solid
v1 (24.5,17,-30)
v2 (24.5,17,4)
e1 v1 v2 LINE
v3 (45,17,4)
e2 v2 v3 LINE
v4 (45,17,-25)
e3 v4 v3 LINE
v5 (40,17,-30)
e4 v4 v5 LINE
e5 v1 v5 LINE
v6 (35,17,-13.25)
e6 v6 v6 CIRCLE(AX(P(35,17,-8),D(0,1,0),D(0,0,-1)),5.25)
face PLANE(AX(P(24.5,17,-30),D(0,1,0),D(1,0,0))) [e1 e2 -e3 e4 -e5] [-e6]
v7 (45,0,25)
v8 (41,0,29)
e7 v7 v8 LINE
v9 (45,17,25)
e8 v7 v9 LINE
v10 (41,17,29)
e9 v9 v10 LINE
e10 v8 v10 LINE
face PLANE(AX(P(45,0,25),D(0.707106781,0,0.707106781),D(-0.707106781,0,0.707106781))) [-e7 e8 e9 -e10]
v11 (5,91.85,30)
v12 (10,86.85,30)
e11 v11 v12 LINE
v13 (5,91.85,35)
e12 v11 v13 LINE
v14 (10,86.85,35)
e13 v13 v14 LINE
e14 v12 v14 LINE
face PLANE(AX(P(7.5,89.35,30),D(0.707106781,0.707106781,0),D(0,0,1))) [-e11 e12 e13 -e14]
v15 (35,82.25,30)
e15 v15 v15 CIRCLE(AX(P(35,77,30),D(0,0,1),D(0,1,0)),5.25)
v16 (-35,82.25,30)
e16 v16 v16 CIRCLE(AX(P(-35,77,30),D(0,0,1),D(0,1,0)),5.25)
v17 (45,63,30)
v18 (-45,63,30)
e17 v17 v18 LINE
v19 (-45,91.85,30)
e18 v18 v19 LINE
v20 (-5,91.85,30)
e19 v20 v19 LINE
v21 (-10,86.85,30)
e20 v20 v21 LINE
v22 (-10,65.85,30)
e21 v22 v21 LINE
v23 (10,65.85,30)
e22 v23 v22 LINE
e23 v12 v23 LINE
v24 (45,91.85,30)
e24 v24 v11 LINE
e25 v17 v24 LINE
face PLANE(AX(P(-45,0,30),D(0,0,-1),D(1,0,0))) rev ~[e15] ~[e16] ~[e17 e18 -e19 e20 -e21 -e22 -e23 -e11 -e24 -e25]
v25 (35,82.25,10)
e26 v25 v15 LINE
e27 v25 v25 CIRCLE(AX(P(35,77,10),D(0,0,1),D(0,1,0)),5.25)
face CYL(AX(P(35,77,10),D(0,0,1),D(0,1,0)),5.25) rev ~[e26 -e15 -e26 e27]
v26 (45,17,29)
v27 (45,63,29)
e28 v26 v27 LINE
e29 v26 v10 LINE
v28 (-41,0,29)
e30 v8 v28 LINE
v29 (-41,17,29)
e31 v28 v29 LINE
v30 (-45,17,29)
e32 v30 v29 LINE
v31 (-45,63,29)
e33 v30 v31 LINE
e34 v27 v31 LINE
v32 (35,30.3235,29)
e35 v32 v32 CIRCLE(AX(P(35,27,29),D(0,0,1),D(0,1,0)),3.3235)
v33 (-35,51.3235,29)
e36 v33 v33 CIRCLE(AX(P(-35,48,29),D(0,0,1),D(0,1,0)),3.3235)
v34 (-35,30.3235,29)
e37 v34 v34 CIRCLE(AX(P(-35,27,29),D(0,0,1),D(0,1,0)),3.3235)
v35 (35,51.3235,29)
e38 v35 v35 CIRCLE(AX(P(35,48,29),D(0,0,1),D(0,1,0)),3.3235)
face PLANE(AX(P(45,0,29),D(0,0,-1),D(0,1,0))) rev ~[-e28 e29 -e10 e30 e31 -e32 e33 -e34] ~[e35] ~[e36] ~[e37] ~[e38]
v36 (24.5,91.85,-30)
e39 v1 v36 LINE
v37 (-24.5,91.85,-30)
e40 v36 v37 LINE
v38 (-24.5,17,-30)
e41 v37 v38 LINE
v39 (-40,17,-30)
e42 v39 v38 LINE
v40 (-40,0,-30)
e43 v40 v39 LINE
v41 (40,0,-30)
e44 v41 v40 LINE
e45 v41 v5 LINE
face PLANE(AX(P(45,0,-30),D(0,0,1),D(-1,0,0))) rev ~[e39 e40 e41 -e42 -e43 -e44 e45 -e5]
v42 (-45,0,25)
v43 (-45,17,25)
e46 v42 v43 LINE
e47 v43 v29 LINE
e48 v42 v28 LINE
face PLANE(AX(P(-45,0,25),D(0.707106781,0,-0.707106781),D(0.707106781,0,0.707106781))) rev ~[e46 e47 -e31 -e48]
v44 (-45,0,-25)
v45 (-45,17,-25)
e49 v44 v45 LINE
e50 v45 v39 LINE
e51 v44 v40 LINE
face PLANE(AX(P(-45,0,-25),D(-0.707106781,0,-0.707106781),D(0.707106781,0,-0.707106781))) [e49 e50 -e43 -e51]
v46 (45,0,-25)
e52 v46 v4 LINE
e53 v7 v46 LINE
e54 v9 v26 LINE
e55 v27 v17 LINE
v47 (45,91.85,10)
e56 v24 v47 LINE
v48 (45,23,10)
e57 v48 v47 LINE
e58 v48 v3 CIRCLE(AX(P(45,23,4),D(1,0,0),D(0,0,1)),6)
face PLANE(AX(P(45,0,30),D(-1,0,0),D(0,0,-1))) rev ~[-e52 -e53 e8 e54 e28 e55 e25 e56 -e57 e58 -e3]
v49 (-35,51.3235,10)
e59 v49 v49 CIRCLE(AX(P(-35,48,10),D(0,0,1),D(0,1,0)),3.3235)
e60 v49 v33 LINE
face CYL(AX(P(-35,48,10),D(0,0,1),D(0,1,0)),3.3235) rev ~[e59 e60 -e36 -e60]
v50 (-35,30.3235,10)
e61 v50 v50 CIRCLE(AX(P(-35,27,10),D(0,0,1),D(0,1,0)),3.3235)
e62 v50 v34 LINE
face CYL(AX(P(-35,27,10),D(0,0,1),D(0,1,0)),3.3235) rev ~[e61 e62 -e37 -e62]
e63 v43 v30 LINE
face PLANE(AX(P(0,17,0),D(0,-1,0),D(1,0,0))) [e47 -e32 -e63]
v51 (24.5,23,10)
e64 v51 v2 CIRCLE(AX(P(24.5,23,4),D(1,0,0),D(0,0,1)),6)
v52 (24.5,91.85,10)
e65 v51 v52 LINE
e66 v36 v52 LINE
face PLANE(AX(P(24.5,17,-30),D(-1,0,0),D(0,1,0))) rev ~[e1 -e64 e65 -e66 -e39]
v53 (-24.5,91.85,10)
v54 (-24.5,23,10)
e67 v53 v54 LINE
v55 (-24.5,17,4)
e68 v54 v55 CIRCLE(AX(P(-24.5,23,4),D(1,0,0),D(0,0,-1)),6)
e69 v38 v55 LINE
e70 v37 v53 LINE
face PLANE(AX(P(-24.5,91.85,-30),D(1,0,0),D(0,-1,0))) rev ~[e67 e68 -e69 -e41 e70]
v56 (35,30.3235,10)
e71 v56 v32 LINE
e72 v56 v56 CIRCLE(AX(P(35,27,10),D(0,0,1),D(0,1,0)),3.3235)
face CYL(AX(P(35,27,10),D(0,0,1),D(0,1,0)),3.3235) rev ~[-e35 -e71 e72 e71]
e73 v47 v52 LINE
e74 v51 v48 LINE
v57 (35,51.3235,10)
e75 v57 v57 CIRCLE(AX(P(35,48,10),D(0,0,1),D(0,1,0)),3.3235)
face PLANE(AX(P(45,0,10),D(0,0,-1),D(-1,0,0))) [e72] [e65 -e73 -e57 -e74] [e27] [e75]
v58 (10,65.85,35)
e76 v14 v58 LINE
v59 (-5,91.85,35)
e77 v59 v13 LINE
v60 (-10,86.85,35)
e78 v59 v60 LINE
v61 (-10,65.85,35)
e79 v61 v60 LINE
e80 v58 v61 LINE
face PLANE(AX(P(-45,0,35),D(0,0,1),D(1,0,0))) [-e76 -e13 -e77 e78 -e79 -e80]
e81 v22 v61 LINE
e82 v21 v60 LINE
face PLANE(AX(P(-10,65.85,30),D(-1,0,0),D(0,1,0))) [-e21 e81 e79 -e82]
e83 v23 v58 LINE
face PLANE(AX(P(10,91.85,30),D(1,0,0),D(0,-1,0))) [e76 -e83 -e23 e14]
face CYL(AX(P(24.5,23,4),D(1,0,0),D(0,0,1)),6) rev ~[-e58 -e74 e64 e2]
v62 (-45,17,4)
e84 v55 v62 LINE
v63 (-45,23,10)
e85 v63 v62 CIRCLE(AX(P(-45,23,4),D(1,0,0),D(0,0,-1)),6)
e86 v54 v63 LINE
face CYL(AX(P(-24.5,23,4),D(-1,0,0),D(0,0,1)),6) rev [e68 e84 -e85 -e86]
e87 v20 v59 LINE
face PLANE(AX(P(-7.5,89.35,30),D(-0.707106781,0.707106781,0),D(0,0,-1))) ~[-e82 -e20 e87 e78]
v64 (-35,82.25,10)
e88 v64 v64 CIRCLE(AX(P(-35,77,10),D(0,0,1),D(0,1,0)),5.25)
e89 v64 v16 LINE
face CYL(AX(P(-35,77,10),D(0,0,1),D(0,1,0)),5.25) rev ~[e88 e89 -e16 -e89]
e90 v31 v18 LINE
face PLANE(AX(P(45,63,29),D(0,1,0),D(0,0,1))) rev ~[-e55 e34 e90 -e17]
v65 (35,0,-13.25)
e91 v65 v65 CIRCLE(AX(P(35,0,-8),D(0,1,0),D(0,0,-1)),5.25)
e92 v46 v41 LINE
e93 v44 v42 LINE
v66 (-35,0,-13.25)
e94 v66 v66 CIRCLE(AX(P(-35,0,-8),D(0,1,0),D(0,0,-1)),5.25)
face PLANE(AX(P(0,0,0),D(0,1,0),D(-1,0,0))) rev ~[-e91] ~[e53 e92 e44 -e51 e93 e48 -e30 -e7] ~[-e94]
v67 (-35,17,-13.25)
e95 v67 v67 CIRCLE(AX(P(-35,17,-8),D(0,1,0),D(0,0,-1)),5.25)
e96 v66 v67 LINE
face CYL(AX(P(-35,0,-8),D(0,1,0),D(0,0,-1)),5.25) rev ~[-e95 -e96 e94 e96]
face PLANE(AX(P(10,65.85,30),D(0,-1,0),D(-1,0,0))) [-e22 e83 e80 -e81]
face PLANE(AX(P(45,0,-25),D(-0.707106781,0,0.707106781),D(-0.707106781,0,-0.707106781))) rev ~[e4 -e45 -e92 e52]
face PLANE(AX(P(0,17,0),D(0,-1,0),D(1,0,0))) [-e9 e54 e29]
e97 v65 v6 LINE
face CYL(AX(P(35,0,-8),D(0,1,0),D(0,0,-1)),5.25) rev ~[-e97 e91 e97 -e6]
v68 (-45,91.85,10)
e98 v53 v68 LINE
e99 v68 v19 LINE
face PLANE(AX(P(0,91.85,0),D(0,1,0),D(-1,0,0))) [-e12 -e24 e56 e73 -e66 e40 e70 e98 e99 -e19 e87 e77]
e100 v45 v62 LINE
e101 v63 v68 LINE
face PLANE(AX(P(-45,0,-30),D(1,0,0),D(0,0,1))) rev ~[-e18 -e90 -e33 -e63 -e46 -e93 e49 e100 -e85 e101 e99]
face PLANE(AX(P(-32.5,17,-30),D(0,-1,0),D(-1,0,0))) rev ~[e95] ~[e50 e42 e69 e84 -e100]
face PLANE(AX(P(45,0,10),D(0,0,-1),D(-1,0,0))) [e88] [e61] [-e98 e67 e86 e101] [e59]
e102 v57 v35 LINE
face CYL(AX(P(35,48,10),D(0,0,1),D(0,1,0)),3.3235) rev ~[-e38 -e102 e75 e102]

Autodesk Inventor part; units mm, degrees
ref_plane "YZ Plane" through (0, 0, 0) normal (1, 0, 0) x (0, 1, 0)
ref_plane "XZ Plane" through (0, 0, 0) normal (0, 1, 0) x (-1, 0, 0)
ref_plane "XY Plane" through (0, 0, 0) normal (0, 0, 1) x (1, 0, 0)
sketch "Sketch5" plane through (0, 0, 0) normal (0, 1, 0) x (-1, 0, 0)
  line L0 (45, 30) -> (-45, 30)
  line L1 (-45, 30) -> (-45, -30)
  line L2 (-45, -30) -> (45, -30)
  line L3 (45, -30) -> (45, 30)
  point P0 (0, 0)
  point P1 (0, 30)
  point P2 (45, 0)
  dimension "d8" = 90
  dimension "d9" = 60
extrude "Extrusion5" add sketch "Sketch5" along normal blind 91.85
sketch "Sketch6" plane through (-45, 0, 30) normal (0, 0, 1) x (1, 0, 0)
  line L0 (0, 0) -> (90, 0) projected
  line L1 (0, 91.85) -> (90, 91.85) projected
  line L2 (35, 91.85) -> (55, 91.85)
  line L3 (55, 91.85) -> (55, 65.85)
  line L4 (55, 65.85) -> (35, 65.85)
  line L5 (35, 65.85) -> (35, 91.85)
  point P0 (45, 0)
  point P1 (45, 65.85)
  point P2 (45, 0)
  dimension "d12" = 26
  dimension "d13" = 20
extrude "Extrusion6" add sketch "Sketch6" along normal blind 5
chamfer "Chamfer2" distance 5 angle 45 2 edges at (10, 91.85, 32.5) (-10, 91.85, 32.5)
sketch "Sketch8" plane through (45, 0, -30) normal (0, 0, -1) x (-1, 0, 0)
  line L0 (0, 0) -> (90, 0) projected
  line L1 (90, 0) -> (90, 91.85) projected
  line L2 (0, 91.85) -> (90, 91.85) projected
  line L3 (0, 0) -> (0, 91.85) projected
  line L4 (20.5, 17) -> (20.5, 91.85)
  line L5 (45, 0) -> (45, 11.253)
  line L6 (45, 91.85) -> (45, 84.4514)
  line L7 (69.5, 91.85) -> (69.5, 17)
  line L8 (77.5, 17) -> (90, 17)
  line L9 (77.5, 17) -> (69.5, 17)
  line L10 (20.5, 17) -> (0, 17)
  point P0 (20.5, 25)
  point P1 (12.5, 17)
  point P2 (69.5, 25)
  dimension "d42" = 90
extrude "Extrusion7" cut sketch "Sketch8" against normal blind 40 contours L3 L2 L4 L10 | L8 L9 L7 L2 L1
sketch "Sketch9" plane through (45, 0, 10) normal (0, 0, -1) x (-1, 0, 0)
  circle A0 centre (10, 77) radius 5
  circle A1 centre (80, 77) radius 5
  line L0 (0, 0) -> (90, 0) projected
  line L1 (0, 17) -> (0, 91.85) projected
  circle A2 centre (10, 77) radius 10
  line L2 (0, 91.85) -> (90, 91.85)
  line L3 (45, 91.85) -> (45, 95.8754) construction
  line L4 (20.5, 91.85) -> (20.5, 17) construction
  point P0 (45, 0)
  dimension "d47" = 10
  dimension "d56" = 70
  dimension "d58" = 77
  dimension "d61" = 20
  dimension "d62" = 35
  dimension "d63" = 20.5
hole "Hole2" at (-35, 77, 10) at (35, 77, 10) direction (0, 0, 1) diameter 10.5 end through all
fillet "Fillet3" radius 6 2 edges at (34.75, 17, 10) (-34.75, 17, 10)
sketch "Sketch11" plane through (0, 0, 0) normal (0, -1, 0) x (1, 0, 0)
  line L0 (45, -30) -> (-45, -30) projected
  circle A0 centre (-35, -8) radius 5.25
  circle A1 centre (35, -8) radius 5.25
  circle A2 centre (-35, -8) radius 10
  line L1 (-24.5, 4) -> (-45, 4) projected
  point P0 (0, 0)
  dimension "d64" = 70
  dimension "d65" = 10.5
  dimension "d66" = 20
  dimension "d67" = 22
  dimension "d75" = 35
  dimension "d76" = 34
hole "Hole3" at (-35, 0, -8) at (35, 0, -8) direction (0, 1, 0) diameter 10.5 end through all
sketch "Sketch12" plane through (45, 0, 30) normal (1, 0, 0) x (0, 0, -1)
  line L0 (0, 0) -> (0, 91.85) projected
  line L1 (0, 0) -> (60, 0) projected
  line L2 (0, 0) -> (1, 0)
  line L3 (1, 0) -> (1, 63)
  line L4 (1, 63) -> (0, 63)
  line L5 (0, 63) -> (0, 0)
  point P0 (30, 0)
  dimension "d77" = 1
  dimension "d78" = 63
  dimension "d79" = 0
extrude "Extrusion8" cut sketch "Sketch12" against normal through all
sketch "Sketch13" plane through (45, 0, 10) normal (0, 0, -1) x (-1, 0, 0)
  circle A0 centre (10, 77) radius 5.25 projected
  circle A1 centre (10, 48) radius 4
  circle A2 centre (10, 27) radius 4
  line L0 (0, 0) -> (90, 0) projected
  circle A3 centre (80, 77) radius 5.25 projected
  line L1 (45, 0) -> (45, -5.7212)
  circle A4 centre (80, 48) radius 4
  circle A5 centre (80, 27) radius 4
  dimension "d82" = 27
  dimension "d83" = 70
  dimension "d84" = 8
  dimension "d85" = 48
hole "Hole4" at (35, 48, 10) at (35, 27, 10) at (-35, 48, 10) at (-35, 27, 10) direction (0, 0, 1) diameter 6.647 end through all thread size "M8x1.25" class "6H" standard "ISO Metric profile"
sketch "Sketch16" plane through (0, 0, 0) normal (0, -1, 0) x (1, 0, 0)
  line L0 (-45, 29) -> (-41, 29)
  line L1 (-45, 25) -> (-45, 29)
  line L2 (-45, 25) -> (-41, 29)
  line L3 (0, 0) -> (0, -4.4881)
  line L4 (45, 29) -> (41, 29)
  line L5 (45, 25) -> (45, 29)
  line L6 (45, 25) -> (41, 29)
  line L7 (0, 0) -> (2.8094, 0)
  line L8 (-45, -30) -> (-40, -30)
  line L9 (-45, -25) -> (-45, -30)
  line L10 (-45, -25) -> (-40, -30)
  line L11 (45, -30) -> (40, -30)
  line L12 (45, -25) -> (45, -30)
  line L13 (45, -25) -> (40, -30)
  line L14 (45, -30) -> (-45, -30) projected
  line L15 (45, 29) -> (45, -30) projected
  dimension "d96" = 4
  dimension "d97" = 4
  dimension "d100" = 5
  dimension "d101" = 5
  dimension "d102" = 5
  dimension "d103" = 5
  dimension "d104" = 4
extrude "Extrusion10" cut sketch "Sketch16" against normal up to surface (17 mm away) from surface at 0
equation "\"d62\" = 0.5 * d56"
equation "\"d75\" = 0.5 * d64"
equation "\"d102\" = d101"
equation "\"d103\" = d100"
properties part number "BC-10019-B" material "Alumínio 7075"
